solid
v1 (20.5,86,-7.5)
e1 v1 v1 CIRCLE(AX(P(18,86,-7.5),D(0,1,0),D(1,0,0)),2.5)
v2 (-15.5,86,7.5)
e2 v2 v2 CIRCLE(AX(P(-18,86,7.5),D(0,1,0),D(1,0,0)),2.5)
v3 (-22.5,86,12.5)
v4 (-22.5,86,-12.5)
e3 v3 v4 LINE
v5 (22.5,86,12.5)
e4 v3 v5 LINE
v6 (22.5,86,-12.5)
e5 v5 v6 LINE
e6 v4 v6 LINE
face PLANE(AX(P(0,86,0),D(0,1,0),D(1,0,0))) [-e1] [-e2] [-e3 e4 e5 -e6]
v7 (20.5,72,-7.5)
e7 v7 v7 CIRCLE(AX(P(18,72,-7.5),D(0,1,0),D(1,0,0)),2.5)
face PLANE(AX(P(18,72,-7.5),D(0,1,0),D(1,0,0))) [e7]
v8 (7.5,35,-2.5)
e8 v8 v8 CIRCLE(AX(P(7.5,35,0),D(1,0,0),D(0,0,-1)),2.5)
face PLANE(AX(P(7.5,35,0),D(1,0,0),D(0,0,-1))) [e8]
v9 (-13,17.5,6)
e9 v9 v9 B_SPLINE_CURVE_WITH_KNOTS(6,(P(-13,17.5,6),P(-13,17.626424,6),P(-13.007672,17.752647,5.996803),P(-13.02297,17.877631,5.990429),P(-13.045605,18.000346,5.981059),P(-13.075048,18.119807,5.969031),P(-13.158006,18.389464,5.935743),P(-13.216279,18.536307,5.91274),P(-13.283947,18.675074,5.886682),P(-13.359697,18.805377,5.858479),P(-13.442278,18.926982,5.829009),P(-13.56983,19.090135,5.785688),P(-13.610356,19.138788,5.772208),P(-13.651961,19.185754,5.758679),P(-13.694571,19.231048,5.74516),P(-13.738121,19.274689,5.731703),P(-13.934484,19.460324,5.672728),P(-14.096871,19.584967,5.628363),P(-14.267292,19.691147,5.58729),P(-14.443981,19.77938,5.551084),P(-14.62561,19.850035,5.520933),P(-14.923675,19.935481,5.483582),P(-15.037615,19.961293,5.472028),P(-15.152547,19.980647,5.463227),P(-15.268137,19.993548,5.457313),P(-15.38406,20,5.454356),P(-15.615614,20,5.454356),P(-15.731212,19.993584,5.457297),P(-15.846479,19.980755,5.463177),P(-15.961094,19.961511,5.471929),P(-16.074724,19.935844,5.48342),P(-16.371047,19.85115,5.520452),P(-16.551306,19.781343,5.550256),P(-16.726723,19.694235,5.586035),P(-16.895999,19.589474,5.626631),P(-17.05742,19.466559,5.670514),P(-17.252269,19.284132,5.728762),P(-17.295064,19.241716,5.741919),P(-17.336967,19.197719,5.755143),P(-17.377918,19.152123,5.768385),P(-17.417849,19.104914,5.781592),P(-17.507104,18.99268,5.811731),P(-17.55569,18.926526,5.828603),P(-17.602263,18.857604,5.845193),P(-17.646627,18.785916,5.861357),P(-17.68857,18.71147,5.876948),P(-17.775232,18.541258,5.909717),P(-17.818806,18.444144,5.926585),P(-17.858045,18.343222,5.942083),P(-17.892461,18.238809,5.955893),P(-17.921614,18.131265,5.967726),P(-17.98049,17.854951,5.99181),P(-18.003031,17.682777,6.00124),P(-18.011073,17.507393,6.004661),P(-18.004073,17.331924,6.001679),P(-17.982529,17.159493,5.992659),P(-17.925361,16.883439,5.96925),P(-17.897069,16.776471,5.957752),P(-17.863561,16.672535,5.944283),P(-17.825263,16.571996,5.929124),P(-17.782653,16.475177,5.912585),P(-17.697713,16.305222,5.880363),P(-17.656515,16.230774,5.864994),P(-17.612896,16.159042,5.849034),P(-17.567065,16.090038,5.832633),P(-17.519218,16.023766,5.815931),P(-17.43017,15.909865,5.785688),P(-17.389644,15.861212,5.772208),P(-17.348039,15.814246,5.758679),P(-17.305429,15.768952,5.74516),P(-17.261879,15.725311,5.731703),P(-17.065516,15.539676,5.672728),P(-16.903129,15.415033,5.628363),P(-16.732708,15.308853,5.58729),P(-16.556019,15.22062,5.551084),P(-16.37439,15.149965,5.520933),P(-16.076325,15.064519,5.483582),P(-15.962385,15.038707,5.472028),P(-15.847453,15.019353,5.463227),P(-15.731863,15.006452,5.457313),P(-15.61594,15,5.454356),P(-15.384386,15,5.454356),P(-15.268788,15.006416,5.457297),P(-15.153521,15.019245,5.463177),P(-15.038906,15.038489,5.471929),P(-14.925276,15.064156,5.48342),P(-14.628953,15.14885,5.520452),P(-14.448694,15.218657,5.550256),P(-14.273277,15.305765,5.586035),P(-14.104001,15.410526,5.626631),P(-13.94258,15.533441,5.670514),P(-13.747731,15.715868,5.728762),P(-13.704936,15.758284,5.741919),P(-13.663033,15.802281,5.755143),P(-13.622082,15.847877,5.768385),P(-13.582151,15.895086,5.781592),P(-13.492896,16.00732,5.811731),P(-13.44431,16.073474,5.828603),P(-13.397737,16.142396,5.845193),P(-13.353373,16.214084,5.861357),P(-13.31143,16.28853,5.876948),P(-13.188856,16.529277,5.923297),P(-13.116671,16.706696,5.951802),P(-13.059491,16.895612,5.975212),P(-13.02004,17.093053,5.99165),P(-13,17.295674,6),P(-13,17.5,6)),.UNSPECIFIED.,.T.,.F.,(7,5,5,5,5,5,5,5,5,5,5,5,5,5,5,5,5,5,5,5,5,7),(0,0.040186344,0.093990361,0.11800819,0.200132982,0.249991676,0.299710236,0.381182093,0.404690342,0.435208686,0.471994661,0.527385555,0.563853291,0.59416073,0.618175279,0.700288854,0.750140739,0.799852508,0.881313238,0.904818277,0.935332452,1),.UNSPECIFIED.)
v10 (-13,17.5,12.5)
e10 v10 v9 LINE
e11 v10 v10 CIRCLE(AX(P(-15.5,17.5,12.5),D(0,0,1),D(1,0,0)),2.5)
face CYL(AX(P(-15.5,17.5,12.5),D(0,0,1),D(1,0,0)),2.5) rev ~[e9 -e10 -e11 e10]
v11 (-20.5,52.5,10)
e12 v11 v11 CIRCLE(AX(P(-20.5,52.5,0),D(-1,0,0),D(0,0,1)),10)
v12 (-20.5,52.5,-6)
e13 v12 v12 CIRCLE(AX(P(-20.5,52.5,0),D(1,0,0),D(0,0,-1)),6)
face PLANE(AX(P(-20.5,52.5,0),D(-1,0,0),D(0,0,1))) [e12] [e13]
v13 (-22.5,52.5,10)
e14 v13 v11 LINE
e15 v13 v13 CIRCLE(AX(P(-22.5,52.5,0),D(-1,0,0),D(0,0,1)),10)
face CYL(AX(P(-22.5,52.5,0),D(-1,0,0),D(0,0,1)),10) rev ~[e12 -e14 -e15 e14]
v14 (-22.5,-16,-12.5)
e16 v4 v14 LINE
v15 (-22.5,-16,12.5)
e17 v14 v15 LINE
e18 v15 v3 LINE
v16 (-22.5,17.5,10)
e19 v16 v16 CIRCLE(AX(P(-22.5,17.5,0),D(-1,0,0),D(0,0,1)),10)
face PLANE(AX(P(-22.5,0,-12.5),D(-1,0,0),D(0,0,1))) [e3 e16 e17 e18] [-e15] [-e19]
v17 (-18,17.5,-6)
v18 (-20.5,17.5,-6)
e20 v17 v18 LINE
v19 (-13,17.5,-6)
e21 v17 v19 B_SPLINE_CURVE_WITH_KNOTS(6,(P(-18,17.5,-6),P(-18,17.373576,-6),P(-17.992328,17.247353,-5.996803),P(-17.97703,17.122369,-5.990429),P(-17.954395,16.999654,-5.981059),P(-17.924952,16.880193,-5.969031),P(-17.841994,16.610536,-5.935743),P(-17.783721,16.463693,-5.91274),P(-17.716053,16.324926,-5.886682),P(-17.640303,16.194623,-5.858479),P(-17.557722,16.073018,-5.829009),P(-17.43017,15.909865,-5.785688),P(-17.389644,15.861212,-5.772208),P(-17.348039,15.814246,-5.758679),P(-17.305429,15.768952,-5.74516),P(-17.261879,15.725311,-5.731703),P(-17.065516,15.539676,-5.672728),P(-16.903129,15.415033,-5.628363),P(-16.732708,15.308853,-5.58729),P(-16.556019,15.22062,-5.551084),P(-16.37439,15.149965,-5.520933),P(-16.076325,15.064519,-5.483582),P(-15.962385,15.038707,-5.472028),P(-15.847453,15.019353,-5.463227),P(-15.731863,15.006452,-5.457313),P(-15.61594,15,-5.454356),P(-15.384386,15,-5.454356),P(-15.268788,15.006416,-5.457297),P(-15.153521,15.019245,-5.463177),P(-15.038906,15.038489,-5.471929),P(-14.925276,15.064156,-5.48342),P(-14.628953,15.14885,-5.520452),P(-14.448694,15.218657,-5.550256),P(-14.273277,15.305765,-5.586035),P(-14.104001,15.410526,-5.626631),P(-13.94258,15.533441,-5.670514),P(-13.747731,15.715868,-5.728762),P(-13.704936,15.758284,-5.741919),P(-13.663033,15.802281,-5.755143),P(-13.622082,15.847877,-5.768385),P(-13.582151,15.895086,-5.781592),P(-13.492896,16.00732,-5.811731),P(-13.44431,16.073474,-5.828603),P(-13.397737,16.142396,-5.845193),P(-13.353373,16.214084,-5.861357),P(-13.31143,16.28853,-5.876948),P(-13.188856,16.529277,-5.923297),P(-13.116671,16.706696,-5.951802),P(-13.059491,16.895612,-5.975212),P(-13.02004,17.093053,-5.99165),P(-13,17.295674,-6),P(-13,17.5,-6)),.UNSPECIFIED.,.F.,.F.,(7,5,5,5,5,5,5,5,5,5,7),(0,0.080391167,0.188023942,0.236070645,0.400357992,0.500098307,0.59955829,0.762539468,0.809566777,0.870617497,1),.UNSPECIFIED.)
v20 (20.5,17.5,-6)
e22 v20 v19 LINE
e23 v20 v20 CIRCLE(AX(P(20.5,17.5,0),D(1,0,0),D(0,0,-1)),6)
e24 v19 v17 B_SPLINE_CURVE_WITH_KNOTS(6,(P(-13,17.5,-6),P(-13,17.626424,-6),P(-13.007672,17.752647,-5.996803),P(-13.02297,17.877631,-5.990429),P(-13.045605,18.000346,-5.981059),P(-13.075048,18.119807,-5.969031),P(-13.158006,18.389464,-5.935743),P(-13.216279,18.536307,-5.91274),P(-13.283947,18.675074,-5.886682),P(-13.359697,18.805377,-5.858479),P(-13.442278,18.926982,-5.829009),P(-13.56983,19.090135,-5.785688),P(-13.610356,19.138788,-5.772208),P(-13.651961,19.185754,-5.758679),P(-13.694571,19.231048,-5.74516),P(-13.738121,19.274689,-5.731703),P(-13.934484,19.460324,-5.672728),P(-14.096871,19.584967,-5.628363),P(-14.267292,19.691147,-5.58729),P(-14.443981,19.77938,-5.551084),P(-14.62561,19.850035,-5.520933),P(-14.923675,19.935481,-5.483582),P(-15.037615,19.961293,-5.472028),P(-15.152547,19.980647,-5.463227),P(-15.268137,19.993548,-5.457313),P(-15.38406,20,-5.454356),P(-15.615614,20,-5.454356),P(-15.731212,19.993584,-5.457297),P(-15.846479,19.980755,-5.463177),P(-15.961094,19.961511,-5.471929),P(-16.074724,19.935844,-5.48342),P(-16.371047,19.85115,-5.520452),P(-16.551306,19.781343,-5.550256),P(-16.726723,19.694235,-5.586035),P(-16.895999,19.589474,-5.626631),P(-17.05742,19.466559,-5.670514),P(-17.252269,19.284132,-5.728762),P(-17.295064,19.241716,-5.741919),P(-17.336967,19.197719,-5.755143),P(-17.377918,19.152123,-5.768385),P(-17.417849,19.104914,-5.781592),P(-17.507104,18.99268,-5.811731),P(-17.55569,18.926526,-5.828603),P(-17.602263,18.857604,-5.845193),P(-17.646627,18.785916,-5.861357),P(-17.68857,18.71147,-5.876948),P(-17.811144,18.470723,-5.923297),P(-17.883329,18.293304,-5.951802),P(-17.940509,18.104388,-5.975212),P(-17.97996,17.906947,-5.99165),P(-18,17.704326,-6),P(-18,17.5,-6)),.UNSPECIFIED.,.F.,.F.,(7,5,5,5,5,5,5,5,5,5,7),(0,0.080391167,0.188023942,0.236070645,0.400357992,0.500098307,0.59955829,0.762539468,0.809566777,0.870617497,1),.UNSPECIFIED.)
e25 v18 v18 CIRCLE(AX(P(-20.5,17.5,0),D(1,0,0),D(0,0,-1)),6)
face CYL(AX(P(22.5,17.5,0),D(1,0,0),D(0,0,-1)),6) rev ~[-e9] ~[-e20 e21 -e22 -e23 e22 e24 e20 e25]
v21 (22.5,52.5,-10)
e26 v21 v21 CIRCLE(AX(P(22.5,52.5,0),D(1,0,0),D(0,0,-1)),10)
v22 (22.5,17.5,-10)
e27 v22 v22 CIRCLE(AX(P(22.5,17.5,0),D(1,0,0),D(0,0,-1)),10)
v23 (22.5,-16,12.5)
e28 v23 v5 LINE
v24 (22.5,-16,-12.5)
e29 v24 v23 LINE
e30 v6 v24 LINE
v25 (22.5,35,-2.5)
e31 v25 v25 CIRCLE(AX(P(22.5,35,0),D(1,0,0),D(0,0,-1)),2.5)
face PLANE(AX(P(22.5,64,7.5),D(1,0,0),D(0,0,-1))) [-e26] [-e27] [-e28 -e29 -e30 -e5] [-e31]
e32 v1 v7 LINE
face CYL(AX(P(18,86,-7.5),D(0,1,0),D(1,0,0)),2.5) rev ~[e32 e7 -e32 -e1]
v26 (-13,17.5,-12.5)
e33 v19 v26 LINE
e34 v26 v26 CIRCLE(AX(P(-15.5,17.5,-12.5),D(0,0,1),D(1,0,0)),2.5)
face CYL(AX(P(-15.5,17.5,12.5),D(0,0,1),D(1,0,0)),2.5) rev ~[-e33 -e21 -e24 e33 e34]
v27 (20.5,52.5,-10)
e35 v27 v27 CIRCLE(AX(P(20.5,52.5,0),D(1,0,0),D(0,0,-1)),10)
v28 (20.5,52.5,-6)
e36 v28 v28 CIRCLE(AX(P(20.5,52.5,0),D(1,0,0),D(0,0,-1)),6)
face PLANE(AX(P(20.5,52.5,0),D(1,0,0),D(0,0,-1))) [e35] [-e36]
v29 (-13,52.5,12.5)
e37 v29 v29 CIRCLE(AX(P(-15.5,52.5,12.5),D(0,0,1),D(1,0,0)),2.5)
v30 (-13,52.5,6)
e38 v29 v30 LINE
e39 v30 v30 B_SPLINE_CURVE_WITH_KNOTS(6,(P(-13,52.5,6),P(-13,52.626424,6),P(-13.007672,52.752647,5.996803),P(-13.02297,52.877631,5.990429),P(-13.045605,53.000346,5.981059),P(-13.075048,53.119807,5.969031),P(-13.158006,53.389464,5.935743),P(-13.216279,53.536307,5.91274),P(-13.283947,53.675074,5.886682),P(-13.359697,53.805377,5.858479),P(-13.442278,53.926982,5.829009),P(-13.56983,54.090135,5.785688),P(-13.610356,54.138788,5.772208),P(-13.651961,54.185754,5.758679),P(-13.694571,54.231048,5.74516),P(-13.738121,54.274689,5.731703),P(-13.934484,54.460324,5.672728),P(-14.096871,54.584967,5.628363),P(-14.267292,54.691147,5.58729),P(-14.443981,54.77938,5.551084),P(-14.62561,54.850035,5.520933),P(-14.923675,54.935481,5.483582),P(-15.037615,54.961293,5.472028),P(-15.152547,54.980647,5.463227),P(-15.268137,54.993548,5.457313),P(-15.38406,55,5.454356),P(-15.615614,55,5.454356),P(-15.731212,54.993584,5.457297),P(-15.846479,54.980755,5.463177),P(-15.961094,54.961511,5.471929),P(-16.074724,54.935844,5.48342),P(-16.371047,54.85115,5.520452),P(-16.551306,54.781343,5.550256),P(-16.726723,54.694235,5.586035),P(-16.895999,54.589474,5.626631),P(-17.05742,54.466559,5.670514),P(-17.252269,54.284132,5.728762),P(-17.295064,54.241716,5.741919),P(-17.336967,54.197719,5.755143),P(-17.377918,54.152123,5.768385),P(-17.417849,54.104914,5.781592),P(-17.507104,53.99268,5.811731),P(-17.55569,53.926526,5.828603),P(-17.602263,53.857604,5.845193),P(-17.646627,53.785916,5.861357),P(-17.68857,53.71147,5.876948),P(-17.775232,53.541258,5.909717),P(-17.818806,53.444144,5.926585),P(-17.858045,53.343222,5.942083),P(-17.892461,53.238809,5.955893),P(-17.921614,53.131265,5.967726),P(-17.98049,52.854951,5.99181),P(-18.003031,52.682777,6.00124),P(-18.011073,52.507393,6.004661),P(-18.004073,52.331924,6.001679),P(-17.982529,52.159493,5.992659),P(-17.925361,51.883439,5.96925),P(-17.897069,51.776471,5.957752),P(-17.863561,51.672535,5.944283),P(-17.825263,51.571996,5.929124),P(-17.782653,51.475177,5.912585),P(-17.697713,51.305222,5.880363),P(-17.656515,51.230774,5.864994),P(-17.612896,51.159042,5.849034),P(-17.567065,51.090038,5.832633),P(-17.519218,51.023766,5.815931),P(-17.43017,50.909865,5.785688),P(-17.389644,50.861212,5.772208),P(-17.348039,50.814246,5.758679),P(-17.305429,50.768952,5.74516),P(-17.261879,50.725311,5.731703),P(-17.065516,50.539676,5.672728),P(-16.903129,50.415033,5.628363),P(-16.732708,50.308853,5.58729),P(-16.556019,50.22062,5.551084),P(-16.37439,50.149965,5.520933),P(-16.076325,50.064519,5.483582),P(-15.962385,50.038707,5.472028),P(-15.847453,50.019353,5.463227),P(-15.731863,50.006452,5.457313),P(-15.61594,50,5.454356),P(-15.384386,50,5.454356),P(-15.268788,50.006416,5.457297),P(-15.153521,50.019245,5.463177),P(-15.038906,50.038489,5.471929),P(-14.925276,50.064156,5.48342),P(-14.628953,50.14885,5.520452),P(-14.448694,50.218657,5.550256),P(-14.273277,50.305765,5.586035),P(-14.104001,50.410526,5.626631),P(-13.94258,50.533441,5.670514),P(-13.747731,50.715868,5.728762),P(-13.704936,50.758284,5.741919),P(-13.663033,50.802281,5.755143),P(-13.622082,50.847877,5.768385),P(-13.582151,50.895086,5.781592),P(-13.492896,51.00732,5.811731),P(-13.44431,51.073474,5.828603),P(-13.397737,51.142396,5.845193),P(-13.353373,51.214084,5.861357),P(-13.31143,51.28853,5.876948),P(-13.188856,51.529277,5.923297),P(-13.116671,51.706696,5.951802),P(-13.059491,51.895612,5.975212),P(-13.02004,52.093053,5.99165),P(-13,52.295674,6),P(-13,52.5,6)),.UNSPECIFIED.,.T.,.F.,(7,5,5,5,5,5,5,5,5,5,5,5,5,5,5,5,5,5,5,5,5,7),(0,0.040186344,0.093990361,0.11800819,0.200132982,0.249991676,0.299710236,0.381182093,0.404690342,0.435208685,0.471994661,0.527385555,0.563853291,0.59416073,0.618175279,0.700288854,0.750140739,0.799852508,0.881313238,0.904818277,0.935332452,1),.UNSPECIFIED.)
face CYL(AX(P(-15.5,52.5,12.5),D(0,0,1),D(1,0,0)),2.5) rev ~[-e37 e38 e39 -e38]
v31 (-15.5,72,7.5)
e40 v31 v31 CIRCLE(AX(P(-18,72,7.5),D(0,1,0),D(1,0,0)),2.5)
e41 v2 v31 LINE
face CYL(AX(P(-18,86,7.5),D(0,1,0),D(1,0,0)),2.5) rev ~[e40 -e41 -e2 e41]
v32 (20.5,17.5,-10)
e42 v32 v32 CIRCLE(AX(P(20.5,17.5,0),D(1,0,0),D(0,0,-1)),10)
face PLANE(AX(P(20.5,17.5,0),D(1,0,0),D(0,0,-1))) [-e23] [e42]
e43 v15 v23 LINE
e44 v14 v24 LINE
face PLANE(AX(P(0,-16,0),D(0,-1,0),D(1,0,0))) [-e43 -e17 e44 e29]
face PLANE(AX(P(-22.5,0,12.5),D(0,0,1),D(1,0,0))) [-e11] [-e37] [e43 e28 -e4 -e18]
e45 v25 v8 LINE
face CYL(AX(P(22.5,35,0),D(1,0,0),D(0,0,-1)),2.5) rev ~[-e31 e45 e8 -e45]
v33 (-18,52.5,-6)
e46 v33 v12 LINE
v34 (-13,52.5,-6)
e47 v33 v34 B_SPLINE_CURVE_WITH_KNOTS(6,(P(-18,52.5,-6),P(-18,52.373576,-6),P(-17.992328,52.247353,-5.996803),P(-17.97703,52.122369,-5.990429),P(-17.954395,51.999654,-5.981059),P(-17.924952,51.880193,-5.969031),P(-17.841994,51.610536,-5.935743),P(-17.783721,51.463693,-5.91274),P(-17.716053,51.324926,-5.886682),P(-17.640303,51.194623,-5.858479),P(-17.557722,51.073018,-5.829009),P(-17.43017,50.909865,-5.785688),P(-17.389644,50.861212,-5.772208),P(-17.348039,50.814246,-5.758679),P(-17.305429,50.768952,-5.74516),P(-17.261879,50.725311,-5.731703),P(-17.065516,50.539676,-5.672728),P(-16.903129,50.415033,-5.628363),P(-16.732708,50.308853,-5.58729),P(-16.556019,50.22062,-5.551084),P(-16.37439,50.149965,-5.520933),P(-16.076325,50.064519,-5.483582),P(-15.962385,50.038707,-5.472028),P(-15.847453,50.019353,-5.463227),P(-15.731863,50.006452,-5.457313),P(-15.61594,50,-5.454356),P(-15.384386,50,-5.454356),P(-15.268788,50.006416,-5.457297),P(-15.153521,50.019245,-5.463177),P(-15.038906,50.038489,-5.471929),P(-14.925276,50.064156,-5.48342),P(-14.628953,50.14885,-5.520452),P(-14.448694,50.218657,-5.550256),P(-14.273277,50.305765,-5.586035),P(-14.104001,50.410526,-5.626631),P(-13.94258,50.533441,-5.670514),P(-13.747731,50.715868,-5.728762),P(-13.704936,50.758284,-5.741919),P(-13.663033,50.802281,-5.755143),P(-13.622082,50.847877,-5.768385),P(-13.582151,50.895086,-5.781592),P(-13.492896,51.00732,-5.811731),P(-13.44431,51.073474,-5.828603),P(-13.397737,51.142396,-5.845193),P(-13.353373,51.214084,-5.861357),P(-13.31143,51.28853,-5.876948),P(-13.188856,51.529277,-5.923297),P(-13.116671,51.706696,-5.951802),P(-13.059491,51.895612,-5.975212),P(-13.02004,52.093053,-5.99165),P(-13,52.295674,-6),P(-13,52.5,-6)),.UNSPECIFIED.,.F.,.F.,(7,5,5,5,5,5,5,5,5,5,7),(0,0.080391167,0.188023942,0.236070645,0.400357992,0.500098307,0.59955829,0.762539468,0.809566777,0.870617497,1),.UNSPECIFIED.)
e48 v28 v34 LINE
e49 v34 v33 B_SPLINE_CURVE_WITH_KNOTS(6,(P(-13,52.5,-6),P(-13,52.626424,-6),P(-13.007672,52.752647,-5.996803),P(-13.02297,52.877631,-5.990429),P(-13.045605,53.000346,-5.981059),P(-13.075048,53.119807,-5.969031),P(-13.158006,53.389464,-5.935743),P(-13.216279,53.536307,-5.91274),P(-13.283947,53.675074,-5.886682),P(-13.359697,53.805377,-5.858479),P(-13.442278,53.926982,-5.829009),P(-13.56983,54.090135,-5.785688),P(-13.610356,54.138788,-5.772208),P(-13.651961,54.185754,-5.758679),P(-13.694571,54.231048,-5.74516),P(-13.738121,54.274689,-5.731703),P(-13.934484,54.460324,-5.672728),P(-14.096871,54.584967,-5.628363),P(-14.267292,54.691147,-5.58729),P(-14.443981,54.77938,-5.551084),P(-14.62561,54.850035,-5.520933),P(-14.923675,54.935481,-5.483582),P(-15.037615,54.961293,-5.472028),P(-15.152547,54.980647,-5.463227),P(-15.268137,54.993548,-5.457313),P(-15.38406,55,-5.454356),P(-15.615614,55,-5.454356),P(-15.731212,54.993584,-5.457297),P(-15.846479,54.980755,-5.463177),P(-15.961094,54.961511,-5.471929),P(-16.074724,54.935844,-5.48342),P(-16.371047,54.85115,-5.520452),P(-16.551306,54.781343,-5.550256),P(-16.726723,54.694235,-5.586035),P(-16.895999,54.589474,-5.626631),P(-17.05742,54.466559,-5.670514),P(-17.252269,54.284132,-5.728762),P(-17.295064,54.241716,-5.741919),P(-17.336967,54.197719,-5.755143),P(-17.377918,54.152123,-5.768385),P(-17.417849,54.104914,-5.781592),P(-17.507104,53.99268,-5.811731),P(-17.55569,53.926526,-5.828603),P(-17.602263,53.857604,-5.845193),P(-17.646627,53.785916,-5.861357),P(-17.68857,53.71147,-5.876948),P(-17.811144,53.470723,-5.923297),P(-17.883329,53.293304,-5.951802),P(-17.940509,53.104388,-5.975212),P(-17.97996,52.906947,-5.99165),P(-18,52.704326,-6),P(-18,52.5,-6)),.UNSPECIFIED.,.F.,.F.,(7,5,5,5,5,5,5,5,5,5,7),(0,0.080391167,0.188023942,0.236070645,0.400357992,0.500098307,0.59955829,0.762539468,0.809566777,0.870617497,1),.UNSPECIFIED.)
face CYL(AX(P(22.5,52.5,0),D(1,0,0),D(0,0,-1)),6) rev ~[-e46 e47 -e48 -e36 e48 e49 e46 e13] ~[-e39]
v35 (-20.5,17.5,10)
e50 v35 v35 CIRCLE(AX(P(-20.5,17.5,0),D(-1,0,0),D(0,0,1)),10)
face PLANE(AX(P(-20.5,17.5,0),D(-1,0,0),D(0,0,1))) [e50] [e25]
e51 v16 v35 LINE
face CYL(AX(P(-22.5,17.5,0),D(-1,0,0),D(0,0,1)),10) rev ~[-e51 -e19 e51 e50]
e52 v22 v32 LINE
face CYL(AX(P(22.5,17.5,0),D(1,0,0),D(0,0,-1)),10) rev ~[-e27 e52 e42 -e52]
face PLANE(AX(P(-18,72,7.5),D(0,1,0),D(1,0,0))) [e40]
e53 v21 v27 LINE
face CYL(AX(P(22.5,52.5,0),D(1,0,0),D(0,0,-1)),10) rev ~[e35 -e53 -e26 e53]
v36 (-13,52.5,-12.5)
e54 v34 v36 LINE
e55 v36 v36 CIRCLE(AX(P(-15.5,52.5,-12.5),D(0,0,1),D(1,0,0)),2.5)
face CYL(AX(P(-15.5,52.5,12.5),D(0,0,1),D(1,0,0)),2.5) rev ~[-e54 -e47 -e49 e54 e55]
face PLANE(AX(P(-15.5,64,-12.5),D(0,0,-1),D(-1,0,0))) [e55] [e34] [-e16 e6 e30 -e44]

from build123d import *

# Parameters (mm, degrees)
SKETCH1_W           = 45
SKETCH1_H           = 25
BOSS_EXTRUDE1_DEPTH = 70
SKETCH2_R           = 6
CUT_EXTRUDE1_DEPTH  = 70
SKETCH3_R           = 10
CUT_EXTRUDE2_DEPTH  = 2
SKETCH4_R           = 10
CUT_EXTRUDE3_DEPTH  = 2
SKETCH5_R           = 2.5
CUT_EXTRUDE4_DEPTH  = 15
SKETCH6_R           = 2.5
CUT_EXTRUDE5_DEPTH  = 15
SKETCH7_R           = 2.5
CUT_EXTRUDE6_DEPTH  = 36
SKETCH8_R           = 2.5
CUT_EXTRUDE7_DEPTH  = 38
SKETCH9_W           = 45
SKETCH9_H           = 25
BOSS_EXTRUDE2_DEPTH = 16
SKETCH10_W          = 45
SKETCH10_H          = 25
BOSS_EXTRUDE3_DEPTH = 16
SKETCH11_R          = 2.5
BOSS_EXTRUDE4_DEPTH = 25
SKETCH12_R          = 2.5
BOSS_EXTRUDE5_DEPTH = 27
SKETCH13_R          = 2.5
CUT_EXTRUDE8_DEPTH  = 14


with BuildPart() as part:
    # Sketch1 → Boss-Extrude1 (new body)
    with BuildSketch(Plane(origin=(0, 0, 0), x_dir=(1, 0, 0), z_dir=(0, 1, 0))):
        Rectangle(SKETCH1_W, SKETCH1_H)
    extrude(amount=BOSS_EXTRUDE1_DEPTH)

    # Sketch2 → Cut-Extrude1 (cut)
    with BuildSketch(Plane(origin=(22.5, 0, 0), x_dir=(0, 0, -1), z_dir=(1, 0, 0))):
        with Locations((0, 52.5)):
            Circle(SKETCH2_R)
        with Locations((0, 17.5)):
            Circle(SKETCH2_R)
    extrude(amount=-CUT_EXTRUDE1_DEPTH, mode=Mode.SUBTRACT)

    # Sketch3 → Cut-Extrude2 (cut)
    with BuildSketch(Plane(origin=(22.5, 0, 0), x_dir=(0, 0, -1), z_dir=(1, 0, 0))):
        with Locations((0, 17.5)):
            Circle(SKETCH3_R)
        with Locations((0, 52.5)):
            Circle(SKETCH3_R)
    extrude(amount=-CUT_EXTRUDE2_DEPTH, mode=Mode.SUBTRACT)

    # Sketch4 → Cut-Extrude3 (cut)
    with BuildSketch(Plane.ZY.offset(22.5)):
        with Locations((0, 52.5)):
            Circle(SKETCH4_R)
        with Locations((0, 17.5)):
            Circle(SKETCH4_R)
    extrude(amount=-CUT_EXTRUDE3_DEPTH, mode=Mode.SUBTRACT)

    # Sketch5 → Cut-Extrude4 (cut)
    with BuildSketch(Plane(origin=(22.5, 0, 0), x_dir=(0, 0, -1), z_dir=(1, 0, 0))):
        with Locations((7.5, 6)):
            Circle(SKETCH5_R)
        with Locations((-7.5, 6)):
            Circle(SKETCH5_R)
        with Locations((7.5, 64)):
            Circle(SKETCH5_R)
        with Locations((-7.5, 64)):
            Circle(SKETCH5_R)
    extrude(amount=-CUT_EXTRUDE4_DEPTH, mode=Mode.SUBTRACT)

    # Sketch6 → Cut-Extrude5 (cut)
    with BuildSketch(Plane(origin=(22.5, 0, 0), x_dir=(0, 0, -1), z_dir=(1, 0, 0))):
        with Locations((0, 35)):
            Circle(SKETCH6_R)
    extrude(amount=-CUT_EXTRUDE5_DEPTH, mode=Mode.SUBTRACT)

    # Sketch7 → Cut-Extrude6 (cut)
    with BuildSketch(Plane.XY.offset(12.5)):
        with Locations((-15.5, 52.5)):
            Circle(SKETCH7_R)
        with Locations((-15.5, 17.5)):
            Circle(SKETCH7_R)
    extrude(amount=-CUT_EXTRUDE6_DEPTH, mode=Mode.SUBTRACT)

    # Sketch8 → Cut-Extrude7 (cut)
    with BuildSketch(Plane.XY.offset(12.5)):
        with Locations((-15.5, 64)):
            Circle(SKETCH8_R)
        with Locations((-15.5, 6)):
            Circle(SKETCH8_R)
    extrude(amount=-CUT_EXTRUDE7_DEPTH, mode=Mode.SUBTRACT)

    # Sketch9 → Boss-Extrude2 (add)
    with BuildSketch(Plane(origin=(0, 70, 0), x_dir=(1, 0, 0), z_dir=(0, 1, 0))):
        Rectangle(SKETCH9_W, SKETCH9_H)
    extrude(amount=BOSS_EXTRUDE2_DEPTH)

    # Sketch10 → Boss-Extrude3 (add)
    with BuildSketch(Plane.XZ):
        Rectangle(SKETCH10_W, SKETCH10_H)
    extrude(amount=BOSS_EXTRUDE3_DEPTH)

    # Sketch11 → Boss-Extrude4 (add)
    with BuildSketch(Plane(origin=(0, 0, -12.5), x_dir=(-1, 0, 0), z_dir=(0, 0, -1))):
        with Locations((15.5, 64)):
            Circle(SKETCH11_R)
        with Locations((15.5, 6)):
            Circle(SKETCH11_R)
    extrude(amount=-BOSS_EXTRUDE4_DEPTH)

    # Sketch12 → Boss-Extrude5 (add)
    with BuildSketch(Plane(origin=(22.5, 0, 0), x_dir=(0, 0, -1), z_dir=(1, 0, 0))):
        with Locations((-7.5, 64)):
            Circle(SKETCH12_R)
        with Locations((7.5, 64)):
            Circle(SKETCH12_R)
        with Locations((-7.5, 6)):
            Circle(SKETCH12_R)
        with Locations((7.5, 6)):
            Circle(SKETCH12_R)
    extrude(amount=-BOSS_EXTRUDE5_DEPTH)

    # Sketch13 → Cut-Extrude8 (cut)
    with BuildSketch(Plane(origin=(0, 86, 0), x_dir=(1, 0, 0), z_dir=(0, 1, 0))):
        with Locations((18, 7.5)):
            Circle(SKETCH13_R)
        with Locations((-18, -7.5)):
            Circle(SKETCH13_R)
    extrude(amount=-CUT_EXTRUDE8_DEPTH, mode=Mode.SUBTRACT)


solid = part.part
